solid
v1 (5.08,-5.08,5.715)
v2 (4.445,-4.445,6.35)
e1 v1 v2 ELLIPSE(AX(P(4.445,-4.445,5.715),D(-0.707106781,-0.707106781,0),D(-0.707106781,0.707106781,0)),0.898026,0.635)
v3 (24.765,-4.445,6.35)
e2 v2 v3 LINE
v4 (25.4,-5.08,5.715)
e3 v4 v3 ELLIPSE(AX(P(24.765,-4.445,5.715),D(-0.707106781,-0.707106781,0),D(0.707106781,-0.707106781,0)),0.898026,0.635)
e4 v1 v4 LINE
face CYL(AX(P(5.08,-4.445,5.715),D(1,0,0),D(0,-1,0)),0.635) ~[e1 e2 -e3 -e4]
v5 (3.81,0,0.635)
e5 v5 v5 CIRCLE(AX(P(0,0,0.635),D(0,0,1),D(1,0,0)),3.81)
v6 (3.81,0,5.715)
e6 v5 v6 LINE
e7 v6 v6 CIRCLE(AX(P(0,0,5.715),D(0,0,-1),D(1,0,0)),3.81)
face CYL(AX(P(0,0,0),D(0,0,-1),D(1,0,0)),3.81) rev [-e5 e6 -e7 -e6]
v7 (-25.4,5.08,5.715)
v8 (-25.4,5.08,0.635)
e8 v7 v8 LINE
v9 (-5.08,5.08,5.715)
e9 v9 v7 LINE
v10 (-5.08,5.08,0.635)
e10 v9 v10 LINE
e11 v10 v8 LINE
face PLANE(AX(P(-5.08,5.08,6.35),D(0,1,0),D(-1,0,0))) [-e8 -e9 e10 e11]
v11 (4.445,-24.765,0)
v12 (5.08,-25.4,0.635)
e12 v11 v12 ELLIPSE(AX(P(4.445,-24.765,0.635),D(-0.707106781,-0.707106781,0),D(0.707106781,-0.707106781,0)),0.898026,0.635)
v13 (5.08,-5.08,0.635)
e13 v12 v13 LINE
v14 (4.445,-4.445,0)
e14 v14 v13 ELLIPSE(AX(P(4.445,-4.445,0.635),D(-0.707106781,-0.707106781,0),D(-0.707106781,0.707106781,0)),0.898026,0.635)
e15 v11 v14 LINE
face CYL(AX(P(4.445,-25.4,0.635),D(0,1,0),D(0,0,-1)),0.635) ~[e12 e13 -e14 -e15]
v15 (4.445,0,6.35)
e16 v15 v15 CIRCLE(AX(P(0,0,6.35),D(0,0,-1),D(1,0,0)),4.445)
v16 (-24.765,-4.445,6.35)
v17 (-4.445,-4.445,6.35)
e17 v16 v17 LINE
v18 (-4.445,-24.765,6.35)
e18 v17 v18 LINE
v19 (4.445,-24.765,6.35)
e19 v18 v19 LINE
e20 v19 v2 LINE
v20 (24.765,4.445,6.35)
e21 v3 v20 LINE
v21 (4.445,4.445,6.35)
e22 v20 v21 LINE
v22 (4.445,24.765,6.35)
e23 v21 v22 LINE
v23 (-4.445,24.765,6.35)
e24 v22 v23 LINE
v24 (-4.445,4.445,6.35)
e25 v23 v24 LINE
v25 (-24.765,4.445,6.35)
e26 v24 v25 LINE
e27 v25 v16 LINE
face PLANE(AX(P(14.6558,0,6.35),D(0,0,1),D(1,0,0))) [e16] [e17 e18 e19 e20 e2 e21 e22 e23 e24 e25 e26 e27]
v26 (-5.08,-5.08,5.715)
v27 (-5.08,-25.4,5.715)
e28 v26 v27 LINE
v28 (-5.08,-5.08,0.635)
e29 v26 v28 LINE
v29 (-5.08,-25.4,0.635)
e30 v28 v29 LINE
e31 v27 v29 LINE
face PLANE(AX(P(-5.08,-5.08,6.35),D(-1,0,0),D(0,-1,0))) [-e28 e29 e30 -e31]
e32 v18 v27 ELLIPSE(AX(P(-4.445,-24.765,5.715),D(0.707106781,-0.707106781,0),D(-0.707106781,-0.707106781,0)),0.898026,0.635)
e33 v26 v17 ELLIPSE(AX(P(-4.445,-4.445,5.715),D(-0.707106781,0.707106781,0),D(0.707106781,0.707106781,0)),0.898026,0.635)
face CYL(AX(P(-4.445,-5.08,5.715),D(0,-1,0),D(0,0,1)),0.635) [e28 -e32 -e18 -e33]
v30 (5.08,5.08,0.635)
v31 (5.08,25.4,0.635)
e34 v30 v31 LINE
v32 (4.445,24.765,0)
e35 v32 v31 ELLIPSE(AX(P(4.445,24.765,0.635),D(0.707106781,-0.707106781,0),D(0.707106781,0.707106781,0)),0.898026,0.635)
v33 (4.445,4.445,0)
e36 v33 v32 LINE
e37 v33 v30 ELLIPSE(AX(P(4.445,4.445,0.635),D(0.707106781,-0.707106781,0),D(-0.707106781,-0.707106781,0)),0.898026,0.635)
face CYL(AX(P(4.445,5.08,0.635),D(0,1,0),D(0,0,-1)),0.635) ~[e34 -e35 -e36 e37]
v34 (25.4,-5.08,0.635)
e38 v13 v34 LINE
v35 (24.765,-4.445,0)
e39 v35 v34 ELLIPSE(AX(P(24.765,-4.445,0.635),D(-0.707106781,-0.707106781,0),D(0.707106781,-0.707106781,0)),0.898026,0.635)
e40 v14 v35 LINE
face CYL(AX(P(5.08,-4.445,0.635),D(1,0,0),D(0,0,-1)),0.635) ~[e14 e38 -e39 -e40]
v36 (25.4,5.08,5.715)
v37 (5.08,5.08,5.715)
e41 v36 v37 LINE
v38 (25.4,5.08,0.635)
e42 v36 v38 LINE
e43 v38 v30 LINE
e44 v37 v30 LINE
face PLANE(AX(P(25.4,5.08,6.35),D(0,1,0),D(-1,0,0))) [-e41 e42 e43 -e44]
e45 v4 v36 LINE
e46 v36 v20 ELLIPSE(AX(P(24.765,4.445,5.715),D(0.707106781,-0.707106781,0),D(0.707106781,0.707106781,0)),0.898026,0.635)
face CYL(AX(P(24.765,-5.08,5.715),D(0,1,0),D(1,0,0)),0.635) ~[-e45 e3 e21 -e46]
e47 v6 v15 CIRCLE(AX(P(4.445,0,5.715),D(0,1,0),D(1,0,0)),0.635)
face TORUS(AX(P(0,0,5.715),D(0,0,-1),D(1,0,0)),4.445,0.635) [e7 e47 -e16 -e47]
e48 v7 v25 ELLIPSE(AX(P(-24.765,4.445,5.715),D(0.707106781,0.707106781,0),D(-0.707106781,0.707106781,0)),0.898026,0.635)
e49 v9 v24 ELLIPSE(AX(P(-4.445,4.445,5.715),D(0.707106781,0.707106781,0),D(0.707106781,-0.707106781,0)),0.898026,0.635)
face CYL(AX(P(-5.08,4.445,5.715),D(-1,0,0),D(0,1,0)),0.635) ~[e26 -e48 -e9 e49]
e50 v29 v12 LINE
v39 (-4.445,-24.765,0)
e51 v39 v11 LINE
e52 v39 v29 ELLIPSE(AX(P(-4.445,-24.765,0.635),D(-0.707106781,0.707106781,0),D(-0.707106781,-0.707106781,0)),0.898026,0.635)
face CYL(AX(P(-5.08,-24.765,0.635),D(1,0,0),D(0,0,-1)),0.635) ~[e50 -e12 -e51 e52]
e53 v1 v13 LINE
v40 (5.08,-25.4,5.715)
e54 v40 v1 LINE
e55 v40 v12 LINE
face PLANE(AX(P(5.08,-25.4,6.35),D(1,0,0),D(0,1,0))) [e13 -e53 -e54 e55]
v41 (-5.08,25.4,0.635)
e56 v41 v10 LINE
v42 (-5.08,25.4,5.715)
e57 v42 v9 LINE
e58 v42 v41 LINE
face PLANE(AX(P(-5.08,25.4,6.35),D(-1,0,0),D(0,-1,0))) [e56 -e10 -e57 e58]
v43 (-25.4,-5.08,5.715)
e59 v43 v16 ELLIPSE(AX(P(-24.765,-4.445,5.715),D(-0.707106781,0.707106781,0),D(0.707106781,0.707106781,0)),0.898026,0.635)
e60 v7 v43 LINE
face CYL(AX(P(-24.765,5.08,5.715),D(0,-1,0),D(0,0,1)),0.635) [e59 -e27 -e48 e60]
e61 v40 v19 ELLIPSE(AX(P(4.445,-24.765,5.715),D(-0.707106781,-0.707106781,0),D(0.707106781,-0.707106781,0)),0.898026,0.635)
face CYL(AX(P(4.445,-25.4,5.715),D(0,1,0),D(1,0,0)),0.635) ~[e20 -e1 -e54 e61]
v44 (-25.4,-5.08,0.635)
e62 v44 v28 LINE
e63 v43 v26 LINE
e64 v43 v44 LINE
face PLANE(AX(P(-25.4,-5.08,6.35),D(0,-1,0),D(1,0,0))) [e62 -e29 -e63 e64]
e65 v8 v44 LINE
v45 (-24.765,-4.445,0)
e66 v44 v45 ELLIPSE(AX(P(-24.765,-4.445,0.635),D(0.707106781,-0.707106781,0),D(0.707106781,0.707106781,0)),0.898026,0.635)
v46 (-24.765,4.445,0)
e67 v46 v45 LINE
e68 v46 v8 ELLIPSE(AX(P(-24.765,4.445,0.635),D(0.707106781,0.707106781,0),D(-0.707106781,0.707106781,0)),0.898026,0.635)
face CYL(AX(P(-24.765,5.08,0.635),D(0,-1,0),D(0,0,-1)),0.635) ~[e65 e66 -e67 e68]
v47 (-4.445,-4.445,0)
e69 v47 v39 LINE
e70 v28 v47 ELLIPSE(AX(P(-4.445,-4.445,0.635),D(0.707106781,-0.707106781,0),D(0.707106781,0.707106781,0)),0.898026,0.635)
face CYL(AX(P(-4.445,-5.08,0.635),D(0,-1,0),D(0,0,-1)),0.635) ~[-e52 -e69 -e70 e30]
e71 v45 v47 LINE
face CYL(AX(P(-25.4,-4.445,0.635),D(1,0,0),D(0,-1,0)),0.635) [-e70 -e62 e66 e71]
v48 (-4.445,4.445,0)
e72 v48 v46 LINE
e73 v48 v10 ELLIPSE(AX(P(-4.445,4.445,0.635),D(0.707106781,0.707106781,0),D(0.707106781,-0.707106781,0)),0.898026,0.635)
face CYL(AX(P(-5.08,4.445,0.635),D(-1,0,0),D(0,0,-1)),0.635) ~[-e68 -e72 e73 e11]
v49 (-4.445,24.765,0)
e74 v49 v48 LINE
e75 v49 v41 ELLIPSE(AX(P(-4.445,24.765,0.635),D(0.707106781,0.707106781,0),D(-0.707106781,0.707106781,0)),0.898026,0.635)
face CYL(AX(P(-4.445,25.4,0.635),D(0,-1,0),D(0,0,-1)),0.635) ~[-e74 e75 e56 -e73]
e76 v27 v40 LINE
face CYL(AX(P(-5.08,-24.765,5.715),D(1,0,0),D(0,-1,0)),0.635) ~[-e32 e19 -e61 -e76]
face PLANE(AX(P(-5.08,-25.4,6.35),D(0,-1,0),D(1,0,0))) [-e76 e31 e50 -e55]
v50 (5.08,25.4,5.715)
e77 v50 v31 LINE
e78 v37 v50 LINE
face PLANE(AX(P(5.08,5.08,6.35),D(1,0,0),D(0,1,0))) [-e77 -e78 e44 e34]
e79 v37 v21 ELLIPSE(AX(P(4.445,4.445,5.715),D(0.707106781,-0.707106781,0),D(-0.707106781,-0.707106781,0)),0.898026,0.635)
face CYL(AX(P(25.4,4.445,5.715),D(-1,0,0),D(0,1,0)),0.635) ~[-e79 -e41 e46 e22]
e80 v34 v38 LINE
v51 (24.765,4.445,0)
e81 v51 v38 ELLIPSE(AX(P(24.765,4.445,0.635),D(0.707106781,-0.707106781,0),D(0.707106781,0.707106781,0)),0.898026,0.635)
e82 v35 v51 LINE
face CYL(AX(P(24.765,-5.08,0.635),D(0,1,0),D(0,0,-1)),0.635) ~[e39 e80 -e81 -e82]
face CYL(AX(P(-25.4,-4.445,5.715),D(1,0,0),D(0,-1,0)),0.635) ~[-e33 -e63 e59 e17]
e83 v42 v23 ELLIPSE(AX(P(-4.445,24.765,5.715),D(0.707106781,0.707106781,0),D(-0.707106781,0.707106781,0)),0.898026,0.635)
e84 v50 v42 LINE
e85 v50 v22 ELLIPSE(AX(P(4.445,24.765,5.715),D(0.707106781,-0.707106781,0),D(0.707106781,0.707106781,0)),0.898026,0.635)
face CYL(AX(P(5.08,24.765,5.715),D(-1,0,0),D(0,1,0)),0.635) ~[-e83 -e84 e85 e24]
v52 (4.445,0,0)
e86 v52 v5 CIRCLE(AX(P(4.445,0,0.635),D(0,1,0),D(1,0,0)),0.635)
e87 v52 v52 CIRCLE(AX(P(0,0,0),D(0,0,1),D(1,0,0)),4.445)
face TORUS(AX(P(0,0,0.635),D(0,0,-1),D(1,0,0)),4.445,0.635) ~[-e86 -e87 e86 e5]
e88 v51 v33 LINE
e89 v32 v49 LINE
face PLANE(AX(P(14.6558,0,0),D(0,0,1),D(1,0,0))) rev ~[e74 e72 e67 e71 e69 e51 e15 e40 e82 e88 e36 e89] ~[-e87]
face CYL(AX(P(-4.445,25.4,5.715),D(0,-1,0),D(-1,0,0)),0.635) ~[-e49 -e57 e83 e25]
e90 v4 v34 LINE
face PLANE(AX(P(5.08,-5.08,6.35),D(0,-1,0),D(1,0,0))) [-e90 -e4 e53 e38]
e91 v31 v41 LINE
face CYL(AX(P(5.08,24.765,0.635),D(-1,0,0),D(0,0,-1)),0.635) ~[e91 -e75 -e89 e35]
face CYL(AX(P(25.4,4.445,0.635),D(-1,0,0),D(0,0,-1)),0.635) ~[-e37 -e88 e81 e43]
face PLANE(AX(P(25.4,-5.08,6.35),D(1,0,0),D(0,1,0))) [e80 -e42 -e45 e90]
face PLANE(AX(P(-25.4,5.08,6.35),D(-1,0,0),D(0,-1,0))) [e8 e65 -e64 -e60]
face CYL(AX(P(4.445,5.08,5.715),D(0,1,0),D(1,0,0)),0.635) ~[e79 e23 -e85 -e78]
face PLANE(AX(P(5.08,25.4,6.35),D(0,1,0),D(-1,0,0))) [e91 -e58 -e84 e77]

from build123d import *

# Parameters (mm, degrees)
F0_R     = 6.35
F0_R_2   = 3.81
F1_DEPTH = 6.35
F2_W     = 1.27
F2_H     = 1.27
F3_DEPTH = 6.35
F4_R     = 0.635


with BuildPart() as f1:
    # F0 (on Top) → F1 (new body)
    with BuildSketch(Plane.XY):
        Circle(F0_R)
        Circle(F0_R_2, mode=Mode.SUBTRACT)
    extrude(amount=F1_DEPTH)

    # F2 (on face) → F3 (join)
    with BuildSketch(Plane.XY.offset(6.35)):
        Polygon((25.4, -5.08), (25.4, 5.08), (5.08, 5.08), (5.08, 3.81), (3.81, 3.81), (3.81, -3.81), (5.08, -3.81), (5.08, -5.08), align=None)
        Polygon((3.81, 5.08), (5.08, 5.08), (5.08, 25.4), (-5.08, 25.4), (-5.08, 5.08), (-3.81, 5.08), (-3.81, 3.81), (3.81, 3.81), align=None)
        with Locations((4.445, 4.445)):
            Rectangle(F2_W, F2_H)
        Polygon((5.08, -25.4), (5.08, -5.08), (3.81, -5.08), (3.81, -3.81), (-3.81, -3.81), (-3.81, -5.08), (-5.08, -5.08), (-5.08, -25.4), align=None)
        with Locations((4.445, -4.445)):
            Rectangle(F2_W, F2_H)
        with Locations((-4.445, 4.445)):
            Rectangle(F2_W, F2_H)
        Polygon((-3.81, -3.81), (-3.81, 3.81), (-5.08, 3.81), (-5.08, 5.08), (-25.4, 5.08), (-25.4, -5.08), (-5.08, -5.08), (-5.08, -3.81), align=None)
        with Locations((-4.445, -4.445)):
            Rectangle(F2_W, F2_H)
    extrude(amount=-F3_DEPTH)

    # F4
    f4_edges = [f1.edges().sort_by_distance(p)[0] for p in [
        (-3.81, 0, 6.35),
        (-3.81, 0, 0),
        (-15.24, -5.08, 0),
        (-5.08, -15.24, 0),
        (0, -25.4, 0),
        (5.08, -15.24, 0),
        (15.24, -5.08, 0),
        (25.4, 0, 0),
        (15.24, 5.08, 0),
        (5.08, 15.24, 0),
        (0, 25.4, 0),
        (-5.08, 15.24, 0),
        (-15.24, 5.08, 0),
        (-25.4, 0, 0),
        (-15.24, -5.08, 6.35),
        (-5.08, -15.24, 6.35),
        (0, -25.4, 6.35),
        (5.08, -15.24, 6.35),
        (15.24, -5.08, 6.35),
        (25.4, 0, 6.35),
        (15.24, 5.08, 6.35),
        (5.08, 15.24, 6.35),
        (0, 25.4, 6.35),
        (-5.08, 15.24, 6.35),
        (-15.24, 5.08, 6.35),
        (-25.4, 0, 6.35),
    ]]
    fillet(f4_edges, radius=F4_R)


solid = f1.part
